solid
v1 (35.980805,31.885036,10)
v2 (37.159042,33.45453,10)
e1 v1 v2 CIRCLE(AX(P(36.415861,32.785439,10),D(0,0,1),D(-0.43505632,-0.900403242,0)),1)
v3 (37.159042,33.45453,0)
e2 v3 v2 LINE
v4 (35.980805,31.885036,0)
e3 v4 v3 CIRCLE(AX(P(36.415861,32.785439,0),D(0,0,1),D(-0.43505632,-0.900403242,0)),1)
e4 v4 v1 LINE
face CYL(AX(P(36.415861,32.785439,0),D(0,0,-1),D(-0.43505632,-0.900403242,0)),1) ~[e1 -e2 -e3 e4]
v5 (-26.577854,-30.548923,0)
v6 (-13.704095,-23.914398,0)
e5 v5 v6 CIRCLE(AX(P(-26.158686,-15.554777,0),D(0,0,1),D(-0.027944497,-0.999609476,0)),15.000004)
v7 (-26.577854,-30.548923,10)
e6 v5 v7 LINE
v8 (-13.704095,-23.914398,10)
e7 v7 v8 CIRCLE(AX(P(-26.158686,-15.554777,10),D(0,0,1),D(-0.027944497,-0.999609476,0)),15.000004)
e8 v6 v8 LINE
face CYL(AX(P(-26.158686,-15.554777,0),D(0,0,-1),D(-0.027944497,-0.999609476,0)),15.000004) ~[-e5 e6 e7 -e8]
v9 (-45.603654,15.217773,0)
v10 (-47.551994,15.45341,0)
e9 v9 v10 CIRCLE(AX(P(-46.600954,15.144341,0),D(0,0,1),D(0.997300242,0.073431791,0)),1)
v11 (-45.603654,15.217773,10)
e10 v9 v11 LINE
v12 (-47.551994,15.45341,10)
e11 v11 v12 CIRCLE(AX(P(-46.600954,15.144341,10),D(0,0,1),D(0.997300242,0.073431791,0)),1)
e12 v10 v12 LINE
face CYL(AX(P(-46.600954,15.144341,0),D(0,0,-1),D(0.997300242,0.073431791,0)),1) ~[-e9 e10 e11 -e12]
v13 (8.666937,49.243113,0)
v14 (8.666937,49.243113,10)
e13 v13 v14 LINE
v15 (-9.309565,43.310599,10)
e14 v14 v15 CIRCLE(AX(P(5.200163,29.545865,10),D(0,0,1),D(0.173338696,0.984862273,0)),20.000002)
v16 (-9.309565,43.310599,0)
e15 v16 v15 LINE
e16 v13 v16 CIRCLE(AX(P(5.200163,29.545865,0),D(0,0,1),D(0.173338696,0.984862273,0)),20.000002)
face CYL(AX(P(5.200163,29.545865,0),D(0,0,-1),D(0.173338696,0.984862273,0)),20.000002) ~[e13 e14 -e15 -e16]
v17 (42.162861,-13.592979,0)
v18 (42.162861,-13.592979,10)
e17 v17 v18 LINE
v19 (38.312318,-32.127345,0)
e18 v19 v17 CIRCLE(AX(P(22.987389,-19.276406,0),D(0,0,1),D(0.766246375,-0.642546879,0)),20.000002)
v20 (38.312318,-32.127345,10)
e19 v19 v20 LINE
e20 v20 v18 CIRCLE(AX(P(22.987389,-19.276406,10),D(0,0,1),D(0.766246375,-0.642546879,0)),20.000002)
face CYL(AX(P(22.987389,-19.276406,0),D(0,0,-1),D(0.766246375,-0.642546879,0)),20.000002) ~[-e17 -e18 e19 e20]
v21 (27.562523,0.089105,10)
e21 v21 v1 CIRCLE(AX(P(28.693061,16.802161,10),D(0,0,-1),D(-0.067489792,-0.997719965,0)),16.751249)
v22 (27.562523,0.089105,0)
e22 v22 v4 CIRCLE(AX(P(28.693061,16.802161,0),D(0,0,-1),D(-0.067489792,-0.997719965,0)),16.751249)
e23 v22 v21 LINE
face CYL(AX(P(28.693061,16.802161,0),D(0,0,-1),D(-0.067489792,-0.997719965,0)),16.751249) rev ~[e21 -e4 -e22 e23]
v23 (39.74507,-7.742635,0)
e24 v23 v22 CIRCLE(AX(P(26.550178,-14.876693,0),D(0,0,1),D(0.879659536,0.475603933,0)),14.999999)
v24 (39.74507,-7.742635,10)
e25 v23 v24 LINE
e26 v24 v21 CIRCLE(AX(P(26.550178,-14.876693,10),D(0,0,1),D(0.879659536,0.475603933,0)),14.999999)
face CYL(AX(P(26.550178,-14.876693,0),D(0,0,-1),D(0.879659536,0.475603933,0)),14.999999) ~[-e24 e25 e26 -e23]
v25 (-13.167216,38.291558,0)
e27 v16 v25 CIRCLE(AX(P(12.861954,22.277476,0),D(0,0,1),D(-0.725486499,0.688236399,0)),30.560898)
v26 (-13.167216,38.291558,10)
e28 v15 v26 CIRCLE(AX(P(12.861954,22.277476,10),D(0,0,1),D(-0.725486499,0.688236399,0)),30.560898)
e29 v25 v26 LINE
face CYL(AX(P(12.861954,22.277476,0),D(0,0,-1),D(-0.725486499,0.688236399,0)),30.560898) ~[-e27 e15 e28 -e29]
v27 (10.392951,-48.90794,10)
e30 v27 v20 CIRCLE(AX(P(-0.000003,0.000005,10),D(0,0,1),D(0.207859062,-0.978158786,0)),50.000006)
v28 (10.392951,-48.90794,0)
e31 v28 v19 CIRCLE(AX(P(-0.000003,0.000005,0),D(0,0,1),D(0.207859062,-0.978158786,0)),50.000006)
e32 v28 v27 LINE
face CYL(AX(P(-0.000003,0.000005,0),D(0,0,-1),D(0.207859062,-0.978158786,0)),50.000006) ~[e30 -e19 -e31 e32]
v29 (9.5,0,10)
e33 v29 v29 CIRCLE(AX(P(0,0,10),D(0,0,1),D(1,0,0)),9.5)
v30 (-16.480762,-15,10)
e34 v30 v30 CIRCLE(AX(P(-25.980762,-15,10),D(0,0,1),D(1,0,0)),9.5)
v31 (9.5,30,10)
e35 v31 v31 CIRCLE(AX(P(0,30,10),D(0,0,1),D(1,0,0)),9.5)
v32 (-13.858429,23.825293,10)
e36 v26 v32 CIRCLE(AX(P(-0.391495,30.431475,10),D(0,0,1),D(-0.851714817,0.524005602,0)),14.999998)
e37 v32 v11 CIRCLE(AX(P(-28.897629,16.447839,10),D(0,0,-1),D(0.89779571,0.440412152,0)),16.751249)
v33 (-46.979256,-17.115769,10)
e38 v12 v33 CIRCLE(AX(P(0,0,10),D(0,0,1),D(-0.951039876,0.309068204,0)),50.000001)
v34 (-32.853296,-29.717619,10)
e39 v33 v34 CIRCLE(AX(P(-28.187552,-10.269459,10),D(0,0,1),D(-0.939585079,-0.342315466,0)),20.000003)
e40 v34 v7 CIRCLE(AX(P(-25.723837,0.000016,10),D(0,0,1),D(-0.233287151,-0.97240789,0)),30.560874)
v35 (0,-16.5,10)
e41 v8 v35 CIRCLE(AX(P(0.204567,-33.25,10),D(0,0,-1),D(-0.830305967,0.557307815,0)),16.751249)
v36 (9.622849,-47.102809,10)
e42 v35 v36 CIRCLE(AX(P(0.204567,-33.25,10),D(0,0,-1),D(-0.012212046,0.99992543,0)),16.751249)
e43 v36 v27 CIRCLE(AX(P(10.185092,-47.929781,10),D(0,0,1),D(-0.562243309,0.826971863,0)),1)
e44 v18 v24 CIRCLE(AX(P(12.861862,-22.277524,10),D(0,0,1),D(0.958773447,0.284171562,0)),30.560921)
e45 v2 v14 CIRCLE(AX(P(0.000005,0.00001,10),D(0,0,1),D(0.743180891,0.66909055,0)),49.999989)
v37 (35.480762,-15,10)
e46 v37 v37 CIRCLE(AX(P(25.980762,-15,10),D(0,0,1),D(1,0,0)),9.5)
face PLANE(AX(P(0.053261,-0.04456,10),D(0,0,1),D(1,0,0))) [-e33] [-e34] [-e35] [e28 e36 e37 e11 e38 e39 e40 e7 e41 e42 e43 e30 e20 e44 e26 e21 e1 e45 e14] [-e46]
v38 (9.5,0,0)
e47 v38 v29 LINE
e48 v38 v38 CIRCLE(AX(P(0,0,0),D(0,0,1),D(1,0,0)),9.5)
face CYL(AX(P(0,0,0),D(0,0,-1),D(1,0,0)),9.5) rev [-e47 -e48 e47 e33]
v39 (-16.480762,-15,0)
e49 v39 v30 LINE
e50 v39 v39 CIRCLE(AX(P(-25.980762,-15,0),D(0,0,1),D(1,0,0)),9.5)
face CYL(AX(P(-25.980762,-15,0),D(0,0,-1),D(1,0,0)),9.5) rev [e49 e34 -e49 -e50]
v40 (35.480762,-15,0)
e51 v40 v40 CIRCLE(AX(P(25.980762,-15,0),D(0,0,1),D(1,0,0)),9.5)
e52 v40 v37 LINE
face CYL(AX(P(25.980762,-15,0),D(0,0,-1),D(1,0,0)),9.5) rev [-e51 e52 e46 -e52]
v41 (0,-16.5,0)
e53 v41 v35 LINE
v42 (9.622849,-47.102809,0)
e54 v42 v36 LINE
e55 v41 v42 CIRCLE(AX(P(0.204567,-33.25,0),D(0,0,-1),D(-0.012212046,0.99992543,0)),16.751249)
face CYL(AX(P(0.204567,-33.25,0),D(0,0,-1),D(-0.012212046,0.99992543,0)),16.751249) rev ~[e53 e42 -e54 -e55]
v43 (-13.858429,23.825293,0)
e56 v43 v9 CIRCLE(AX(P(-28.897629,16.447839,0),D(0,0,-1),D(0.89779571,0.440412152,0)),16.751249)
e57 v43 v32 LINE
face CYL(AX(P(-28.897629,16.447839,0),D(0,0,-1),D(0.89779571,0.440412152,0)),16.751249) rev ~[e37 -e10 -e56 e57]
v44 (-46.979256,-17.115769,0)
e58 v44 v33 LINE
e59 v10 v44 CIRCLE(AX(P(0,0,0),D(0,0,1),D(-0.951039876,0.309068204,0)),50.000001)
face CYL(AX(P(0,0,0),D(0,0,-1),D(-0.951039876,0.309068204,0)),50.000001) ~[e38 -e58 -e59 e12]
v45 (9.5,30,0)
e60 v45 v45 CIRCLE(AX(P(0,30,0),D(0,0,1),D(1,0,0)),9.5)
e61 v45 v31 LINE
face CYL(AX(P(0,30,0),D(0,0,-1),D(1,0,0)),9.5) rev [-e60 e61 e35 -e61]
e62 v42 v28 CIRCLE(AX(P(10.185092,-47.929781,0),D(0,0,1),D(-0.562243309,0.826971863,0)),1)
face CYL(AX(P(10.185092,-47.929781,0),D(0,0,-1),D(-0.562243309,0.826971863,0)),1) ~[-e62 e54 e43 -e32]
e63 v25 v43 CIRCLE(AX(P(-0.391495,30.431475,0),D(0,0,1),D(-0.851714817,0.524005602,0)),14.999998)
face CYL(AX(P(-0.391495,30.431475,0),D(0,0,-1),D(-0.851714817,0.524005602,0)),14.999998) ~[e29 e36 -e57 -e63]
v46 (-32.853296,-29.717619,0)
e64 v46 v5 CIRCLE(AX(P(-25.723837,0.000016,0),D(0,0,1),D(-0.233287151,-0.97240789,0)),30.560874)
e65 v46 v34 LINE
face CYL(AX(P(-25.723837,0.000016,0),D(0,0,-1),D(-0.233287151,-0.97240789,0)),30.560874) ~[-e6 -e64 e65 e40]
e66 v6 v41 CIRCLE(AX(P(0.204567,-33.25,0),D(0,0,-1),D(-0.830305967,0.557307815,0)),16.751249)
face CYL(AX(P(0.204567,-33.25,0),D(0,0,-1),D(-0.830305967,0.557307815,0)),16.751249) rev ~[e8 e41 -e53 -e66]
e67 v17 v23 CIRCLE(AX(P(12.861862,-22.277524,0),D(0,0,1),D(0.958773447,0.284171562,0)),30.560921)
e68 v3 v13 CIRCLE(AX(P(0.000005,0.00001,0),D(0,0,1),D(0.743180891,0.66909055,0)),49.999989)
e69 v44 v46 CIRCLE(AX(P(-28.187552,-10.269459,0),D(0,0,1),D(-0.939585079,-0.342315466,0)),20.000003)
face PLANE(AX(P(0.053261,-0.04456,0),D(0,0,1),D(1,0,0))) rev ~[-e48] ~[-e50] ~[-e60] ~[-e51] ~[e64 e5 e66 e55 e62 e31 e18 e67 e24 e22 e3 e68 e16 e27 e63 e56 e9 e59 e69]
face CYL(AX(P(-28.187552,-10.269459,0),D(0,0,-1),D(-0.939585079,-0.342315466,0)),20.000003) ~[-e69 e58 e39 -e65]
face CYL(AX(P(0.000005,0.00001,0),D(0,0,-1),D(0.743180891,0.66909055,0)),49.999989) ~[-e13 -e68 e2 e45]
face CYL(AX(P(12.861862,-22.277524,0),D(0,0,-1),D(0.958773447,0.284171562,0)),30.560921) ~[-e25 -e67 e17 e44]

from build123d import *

# Parameters (mm, degrees)
F0_R     = 9.5
F1_DEPTH = 10


with BuildPart() as f1:
    # F0 (on Top) → F1 (new body)
    with BuildSketch(Plane.XY):
        with BuildLine():
            ThreePointArc((-45.603654, 15.217773), (-46.480887, 16.137107), (-47.551994, 15.45341))
            ThreePointArc((-47.551994, 15.45341), (-49.992271, -0.879128), (-46.979256, -17.115769))
            ThreePointArc((-46.979256, -17.115769), (-41.501628, -25.193784), (-32.853296, -29.717619))
            ThreePointArc((-32.853296, -29.717619), (-29.737157, -30.296193), (-26.577854, -30.548923))
            ThreePointArc((-26.577854, -30.548923), (-19.287217, -28.888307), (-13.704095, -23.914398))
            ThreePointArc((-13.704095, -23.914398), (-7.766577, -18.516867), (0, -16.5))
            ThreePointArc((0, -16.5), (16.184433, -28.225238), (9.622849, -47.102809))
            ThreePointArc((9.622849, -47.102809), (9.265298, -48.322182), (10.392951, -48.90794))
            ThreePointArc((10.392951, -48.90794), (25.757483, -42.855012), (38.312318, -32.127345))
            ThreePointArc((38.312318, -32.127345), (42.569271, -23.344572), (42.162861, -13.592979))
            ThreePointArc((42.162861, -13.592979), (41.105851, -10.605037), (39.74507, -7.742635))
            ThreePointArc((39.74507, -7.742635), (34.661617, -2.259066), (27.562523, 0.089105))
            ThreePointArc((27.562523, 0.089105), (12.499757, 21.089495), (35.980805, 31.885036))
            ThreePointArc((35.980805, 31.885036), (37.215588, 32.185075), (37.159042, 33.45453))
            ThreePointArc((37.159042, 33.45453), (24.234788, 43.734141), (8.666937, 49.243113))
            ThreePointArc((8.666937, 49.243113), (-1.067643, 48.538356), (-9.309565, 43.310599))
            ThreePointArc((-9.309565, 43.310599), (-11.368694, 40.90123), (-13.167216, 38.291558))
            ThreePointArc((-13.167216, 38.291558), (-15.3744, 31.147374), (-13.858429, 23.825293))
            ThreePointArc((-13.858429, 23.825293), (-24.513917, 0.280359), (-45.603654, 15.217773))
        make_face()
        with Locations((-25.980762, -15)):
            Circle(F0_R, mode=Mode.SUBTRACT)
        Circle(F0_R, mode=Mode.SUBTRACT)
        with Locations((25.980762, -15)):
            Circle(F0_R, mode=Mode.SUBTRACT)
        with Locations((0, 30)):
            Circle(F0_R, mode=Mode.SUBTRACT)
    extrude(amount=F1_DEPTH)


solid = f1.part
